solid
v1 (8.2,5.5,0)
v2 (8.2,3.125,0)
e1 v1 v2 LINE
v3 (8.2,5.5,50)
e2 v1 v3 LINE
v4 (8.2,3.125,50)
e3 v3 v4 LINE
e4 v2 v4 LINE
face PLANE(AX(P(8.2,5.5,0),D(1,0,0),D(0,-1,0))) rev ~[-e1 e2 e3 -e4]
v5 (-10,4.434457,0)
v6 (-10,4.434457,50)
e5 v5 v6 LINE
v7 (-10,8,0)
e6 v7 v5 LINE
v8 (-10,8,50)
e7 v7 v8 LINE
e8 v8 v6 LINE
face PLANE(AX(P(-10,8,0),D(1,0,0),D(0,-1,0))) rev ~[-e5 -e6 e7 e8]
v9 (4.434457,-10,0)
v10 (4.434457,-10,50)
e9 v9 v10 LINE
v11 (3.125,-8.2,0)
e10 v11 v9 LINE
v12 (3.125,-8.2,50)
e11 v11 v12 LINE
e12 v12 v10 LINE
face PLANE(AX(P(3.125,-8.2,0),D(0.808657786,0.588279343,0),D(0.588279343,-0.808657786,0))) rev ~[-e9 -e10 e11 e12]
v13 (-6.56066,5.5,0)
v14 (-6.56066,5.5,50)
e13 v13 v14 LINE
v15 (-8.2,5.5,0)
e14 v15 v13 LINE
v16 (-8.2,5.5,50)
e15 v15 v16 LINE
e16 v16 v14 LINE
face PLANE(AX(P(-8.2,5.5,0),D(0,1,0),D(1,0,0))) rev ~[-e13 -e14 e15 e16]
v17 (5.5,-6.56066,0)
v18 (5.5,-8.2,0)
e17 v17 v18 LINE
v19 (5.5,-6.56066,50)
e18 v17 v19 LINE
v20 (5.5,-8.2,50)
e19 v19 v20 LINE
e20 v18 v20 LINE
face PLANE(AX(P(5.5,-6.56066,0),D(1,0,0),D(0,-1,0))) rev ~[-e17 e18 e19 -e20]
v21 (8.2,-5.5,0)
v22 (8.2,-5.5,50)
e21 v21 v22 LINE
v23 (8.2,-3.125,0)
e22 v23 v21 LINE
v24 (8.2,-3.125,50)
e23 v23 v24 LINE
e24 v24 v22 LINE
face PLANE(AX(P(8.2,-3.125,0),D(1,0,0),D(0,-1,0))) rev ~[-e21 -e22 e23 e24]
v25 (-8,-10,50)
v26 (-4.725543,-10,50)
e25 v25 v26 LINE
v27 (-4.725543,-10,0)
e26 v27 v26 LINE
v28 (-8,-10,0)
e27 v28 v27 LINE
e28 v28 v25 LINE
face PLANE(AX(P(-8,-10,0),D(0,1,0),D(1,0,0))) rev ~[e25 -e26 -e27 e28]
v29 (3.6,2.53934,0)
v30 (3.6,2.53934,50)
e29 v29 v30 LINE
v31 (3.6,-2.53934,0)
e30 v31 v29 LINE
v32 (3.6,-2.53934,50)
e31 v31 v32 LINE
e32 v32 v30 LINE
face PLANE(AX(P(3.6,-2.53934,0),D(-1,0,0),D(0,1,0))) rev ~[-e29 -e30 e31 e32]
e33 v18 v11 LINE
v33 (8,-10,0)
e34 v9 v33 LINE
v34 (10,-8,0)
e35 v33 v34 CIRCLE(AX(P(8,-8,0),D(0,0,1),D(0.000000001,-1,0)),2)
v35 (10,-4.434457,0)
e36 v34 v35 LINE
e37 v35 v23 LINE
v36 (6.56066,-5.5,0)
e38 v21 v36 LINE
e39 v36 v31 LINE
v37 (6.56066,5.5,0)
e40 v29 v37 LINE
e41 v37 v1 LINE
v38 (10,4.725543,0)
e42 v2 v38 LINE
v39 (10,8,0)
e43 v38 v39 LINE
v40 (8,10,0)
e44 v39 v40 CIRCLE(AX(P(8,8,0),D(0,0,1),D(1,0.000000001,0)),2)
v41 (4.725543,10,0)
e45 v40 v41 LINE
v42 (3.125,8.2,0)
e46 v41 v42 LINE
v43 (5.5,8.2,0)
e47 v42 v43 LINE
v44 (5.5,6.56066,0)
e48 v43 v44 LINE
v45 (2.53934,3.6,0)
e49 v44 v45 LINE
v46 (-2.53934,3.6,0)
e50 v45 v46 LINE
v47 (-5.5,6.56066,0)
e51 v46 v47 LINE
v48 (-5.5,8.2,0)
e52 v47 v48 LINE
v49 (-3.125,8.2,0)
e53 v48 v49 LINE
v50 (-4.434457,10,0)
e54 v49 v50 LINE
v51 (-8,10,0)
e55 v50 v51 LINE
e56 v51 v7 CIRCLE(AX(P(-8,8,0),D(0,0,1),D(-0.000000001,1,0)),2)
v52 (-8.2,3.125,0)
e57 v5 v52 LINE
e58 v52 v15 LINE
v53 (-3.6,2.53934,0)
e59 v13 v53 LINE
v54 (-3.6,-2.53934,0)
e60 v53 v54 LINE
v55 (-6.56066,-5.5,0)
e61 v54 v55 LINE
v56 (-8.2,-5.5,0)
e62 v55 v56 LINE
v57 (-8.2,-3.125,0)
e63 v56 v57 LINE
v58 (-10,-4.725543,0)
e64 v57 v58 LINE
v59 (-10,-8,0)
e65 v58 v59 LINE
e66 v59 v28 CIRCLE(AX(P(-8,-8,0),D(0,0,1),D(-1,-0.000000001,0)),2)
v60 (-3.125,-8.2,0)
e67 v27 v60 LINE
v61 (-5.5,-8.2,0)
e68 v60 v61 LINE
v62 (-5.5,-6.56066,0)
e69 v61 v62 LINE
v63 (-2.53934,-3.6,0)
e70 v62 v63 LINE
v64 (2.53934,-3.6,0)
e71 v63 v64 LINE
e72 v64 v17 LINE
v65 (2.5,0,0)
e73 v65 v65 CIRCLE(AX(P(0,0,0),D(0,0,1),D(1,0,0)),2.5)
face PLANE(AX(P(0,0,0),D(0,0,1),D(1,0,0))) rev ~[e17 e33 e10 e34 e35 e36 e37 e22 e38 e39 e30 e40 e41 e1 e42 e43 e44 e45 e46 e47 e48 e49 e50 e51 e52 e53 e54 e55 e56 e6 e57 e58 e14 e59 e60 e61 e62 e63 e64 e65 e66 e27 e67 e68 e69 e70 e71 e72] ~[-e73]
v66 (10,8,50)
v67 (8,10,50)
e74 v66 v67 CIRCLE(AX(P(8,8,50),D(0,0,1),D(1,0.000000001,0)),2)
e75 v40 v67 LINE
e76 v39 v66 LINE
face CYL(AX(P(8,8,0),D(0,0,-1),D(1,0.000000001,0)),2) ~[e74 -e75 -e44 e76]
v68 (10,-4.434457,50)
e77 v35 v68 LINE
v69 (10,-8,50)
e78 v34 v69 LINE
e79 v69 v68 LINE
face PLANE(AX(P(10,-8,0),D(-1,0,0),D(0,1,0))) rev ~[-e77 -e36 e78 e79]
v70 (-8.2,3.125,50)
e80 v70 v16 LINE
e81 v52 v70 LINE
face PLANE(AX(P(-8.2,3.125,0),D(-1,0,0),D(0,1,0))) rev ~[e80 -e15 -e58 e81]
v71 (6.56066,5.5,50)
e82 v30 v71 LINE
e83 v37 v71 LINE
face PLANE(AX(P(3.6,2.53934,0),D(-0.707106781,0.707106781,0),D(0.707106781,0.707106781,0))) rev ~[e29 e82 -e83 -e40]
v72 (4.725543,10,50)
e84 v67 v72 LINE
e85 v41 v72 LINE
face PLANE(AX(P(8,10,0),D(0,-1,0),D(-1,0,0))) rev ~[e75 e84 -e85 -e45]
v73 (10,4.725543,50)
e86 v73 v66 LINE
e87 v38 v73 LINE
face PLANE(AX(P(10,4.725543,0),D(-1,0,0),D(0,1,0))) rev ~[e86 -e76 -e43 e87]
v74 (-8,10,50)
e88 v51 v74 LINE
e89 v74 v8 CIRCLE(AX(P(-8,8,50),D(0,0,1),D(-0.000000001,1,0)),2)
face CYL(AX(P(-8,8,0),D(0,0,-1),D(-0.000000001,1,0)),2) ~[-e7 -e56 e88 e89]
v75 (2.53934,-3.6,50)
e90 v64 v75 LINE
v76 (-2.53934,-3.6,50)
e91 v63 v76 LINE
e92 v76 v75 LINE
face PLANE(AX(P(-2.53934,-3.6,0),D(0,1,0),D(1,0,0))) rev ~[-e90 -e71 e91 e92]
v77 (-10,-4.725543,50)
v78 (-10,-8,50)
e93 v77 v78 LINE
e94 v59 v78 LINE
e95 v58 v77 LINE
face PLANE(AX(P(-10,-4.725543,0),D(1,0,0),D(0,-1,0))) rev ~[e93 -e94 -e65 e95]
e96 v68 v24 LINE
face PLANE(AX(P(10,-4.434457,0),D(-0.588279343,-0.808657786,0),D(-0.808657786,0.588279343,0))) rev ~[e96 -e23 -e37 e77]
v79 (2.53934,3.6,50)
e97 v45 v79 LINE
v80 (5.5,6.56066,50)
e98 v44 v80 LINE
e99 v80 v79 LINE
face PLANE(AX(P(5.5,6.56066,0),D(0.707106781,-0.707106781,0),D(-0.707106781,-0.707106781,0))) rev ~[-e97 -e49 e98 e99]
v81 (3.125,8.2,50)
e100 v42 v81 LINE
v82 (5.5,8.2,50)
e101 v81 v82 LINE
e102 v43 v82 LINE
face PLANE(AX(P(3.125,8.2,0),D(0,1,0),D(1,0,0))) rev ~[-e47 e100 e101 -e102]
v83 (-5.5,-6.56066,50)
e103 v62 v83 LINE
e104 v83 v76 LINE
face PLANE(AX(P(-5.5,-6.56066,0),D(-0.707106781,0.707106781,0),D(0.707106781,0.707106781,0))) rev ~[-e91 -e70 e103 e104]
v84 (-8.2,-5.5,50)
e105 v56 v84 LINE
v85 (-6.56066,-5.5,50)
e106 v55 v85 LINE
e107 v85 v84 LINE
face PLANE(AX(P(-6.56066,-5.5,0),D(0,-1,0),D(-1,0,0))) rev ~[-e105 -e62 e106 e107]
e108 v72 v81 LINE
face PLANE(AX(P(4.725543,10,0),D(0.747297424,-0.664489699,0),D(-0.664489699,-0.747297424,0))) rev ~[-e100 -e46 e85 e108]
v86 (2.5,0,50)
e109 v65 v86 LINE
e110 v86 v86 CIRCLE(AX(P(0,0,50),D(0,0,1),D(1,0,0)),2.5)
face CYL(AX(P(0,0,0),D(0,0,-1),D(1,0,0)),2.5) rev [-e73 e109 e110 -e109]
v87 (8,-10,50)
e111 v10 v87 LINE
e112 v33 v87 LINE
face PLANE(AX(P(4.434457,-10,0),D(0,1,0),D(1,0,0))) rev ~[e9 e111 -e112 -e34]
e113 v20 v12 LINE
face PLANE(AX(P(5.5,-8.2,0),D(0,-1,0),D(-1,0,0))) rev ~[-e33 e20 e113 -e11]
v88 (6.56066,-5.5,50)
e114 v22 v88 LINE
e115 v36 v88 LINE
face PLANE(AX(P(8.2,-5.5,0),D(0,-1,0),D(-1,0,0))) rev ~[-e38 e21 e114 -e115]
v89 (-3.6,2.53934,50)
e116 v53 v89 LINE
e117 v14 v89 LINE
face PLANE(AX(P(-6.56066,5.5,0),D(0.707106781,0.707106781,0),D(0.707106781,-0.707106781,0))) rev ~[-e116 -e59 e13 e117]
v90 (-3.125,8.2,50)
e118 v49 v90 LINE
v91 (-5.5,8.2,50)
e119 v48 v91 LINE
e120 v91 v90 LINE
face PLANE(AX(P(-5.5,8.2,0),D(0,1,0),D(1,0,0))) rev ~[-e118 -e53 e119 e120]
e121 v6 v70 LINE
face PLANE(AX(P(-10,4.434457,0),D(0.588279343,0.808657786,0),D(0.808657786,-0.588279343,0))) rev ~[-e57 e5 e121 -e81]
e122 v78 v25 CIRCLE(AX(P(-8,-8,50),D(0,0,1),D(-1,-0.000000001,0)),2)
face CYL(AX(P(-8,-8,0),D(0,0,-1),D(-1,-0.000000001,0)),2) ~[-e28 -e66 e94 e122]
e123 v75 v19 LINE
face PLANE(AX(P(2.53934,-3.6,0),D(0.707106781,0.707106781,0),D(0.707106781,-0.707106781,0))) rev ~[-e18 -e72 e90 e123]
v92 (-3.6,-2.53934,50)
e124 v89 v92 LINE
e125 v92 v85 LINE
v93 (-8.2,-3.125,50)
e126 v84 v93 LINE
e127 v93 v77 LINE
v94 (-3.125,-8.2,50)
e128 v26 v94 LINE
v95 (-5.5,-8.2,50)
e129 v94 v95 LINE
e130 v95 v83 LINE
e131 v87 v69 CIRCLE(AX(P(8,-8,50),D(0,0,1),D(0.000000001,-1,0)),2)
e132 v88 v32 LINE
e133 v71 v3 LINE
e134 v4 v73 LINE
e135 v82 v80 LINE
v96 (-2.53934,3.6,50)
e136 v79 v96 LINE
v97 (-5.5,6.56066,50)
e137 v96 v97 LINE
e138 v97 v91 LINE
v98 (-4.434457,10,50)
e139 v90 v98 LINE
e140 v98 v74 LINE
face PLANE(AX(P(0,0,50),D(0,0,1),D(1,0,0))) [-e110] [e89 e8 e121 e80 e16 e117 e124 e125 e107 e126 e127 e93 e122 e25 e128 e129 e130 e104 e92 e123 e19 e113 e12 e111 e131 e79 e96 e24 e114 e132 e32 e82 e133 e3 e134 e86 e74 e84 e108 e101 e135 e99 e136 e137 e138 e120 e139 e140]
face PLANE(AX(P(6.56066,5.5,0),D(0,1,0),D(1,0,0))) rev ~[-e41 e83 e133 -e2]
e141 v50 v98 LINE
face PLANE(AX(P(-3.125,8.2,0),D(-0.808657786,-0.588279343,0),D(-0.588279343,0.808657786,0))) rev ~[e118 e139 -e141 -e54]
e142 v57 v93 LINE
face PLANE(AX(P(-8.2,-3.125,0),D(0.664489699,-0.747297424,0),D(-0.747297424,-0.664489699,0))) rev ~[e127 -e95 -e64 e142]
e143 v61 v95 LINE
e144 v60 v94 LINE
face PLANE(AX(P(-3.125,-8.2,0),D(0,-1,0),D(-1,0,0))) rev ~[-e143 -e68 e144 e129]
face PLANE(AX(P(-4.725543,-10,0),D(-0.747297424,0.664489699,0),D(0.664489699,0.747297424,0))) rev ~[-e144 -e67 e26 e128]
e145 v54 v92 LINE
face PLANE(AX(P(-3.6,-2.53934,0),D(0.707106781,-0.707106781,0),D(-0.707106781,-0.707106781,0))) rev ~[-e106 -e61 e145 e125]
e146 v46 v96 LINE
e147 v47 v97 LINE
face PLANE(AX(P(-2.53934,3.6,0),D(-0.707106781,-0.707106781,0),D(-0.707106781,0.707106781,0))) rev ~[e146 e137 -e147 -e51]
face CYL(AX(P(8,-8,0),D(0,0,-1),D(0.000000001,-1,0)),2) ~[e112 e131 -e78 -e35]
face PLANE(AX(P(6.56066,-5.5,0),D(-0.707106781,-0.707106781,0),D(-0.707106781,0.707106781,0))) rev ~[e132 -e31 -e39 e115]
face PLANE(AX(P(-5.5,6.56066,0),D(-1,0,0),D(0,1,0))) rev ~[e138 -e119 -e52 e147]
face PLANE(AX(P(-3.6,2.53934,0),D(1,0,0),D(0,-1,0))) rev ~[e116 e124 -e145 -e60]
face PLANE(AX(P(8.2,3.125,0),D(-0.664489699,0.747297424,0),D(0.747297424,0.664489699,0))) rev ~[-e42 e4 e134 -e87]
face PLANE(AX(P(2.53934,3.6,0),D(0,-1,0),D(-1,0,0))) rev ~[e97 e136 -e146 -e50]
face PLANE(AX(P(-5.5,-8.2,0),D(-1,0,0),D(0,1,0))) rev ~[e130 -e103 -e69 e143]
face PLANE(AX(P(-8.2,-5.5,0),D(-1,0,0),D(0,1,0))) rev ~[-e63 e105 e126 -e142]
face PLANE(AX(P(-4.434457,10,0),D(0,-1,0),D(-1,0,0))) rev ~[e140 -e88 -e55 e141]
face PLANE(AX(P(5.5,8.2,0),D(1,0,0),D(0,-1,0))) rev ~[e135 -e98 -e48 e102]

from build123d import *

# Parameters (mm, degrees)
SKETCH1_R           = 2.5
BOSS_EXTRUDE1_DEPTH = 50


with BuildPart() as part:
    # Sketch1 → Boss-Extrude1 (new body)
    with BuildSketch(Plane.XY):
        with BuildLine():
            Line((-4.725542729, -10), (-3.125, -8.2))
            Line((-3.125, -8.2), (-5.5, -8.2))
            Line((-5.5, -8.2), (-5.5, -6.560660172))
            Line((-5.5, -6.560660172), (-2.539339828, -3.6))
            Line((-2.539339828, -3.6), (2.539339828, -3.6))
            Line((2.539339828, -3.6), (5.5, -6.560660172))
            Line((5.5, -6.560660172), (5.5, -8.2))
            Line((5.5, -8.2), (3.125, -8.2))
            Line((3.125, -8.2), (4.434457271, -10))
            Line((4.434457271, -10), (8, -10))
            ThreePointArc((8, -10), (9.414213562, -9.414213562), (10, -8))
            Line((10, -8), (10, -4.434457271))
            Line((10, -4.434457271), (8.2, -3.125))
            Line((8.2, -3.125), (8.2, -5.5))
            Line((8.2, -5.5), (6.560660172, -5.5))
            Line((6.560660172, -5.5), (3.6, -2.539339828))
            Line((3.6, -2.539339828), (3.6, 2.539339828))
            Line((3.6, 2.539339828), (6.560660172, 5.5))
            Line((6.560660172, 5.5), (8.2, 5.5))
            Line((8.2, 5.5), (8.2, 3.125))
            Line((8.2, 3.125), (10, 4.725542729))
            Line((10, 4.725542729), (10, 8))
            ThreePointArc((10, 8), (9.414213562, 9.414213562), (8, 10))
            Line((8, 10), (4.725542729, 10))
            Line((4.725542729, 10), (3.125, 8.2))
            Line((3.125, 8.2), (5.5, 8.2))
            Line((5.5, 8.2), (5.5, 6.560660172))
            Line((5.5, 6.560660172), (2.539339828, 3.6))
            Line((2.539339828, 3.6), (-2.539339828, 3.6))
            Line((-2.539339828, 3.6), (-5.5, 6.560660172))
            Line((-5.5, 6.560660172), (-5.5, 8.2))
            Line((-5.5, 8.2), (-3.125, 8.2))
            Line((-3.125, 8.2), (-4.434457271, 10))
            Line((-4.434457271, 10), (-8, 10))
            ThreePointArc((-8, 10), (-9.414213562, 9.414213562), (-10, 8))
            Line((-10, 8), (-10, 4.434457271))
            Line((-10, 4.434457271), (-8.2, 3.125))
            Line((-8.2, 3.125), (-8.2, 5.5))
            Line((-8.2, 5.5), (-6.560660172, 5.5))
            Line((-6.560660172, 5.5), (-3.6, 2.539339828))
            Line((-3.6, 2.539339828), (-3.6, -2.539339828))
            Line((-3.6, -2.539339828), (-6.560660172, -5.5))
            Line((-6.560660172, -5.5), (-8.2, -5.5))
            Line((-8.2, -5.5), (-8.2, -3.125))
            Line((-8.2, -3.125), (-10, -4.725542729))
            Line((-10, -4.725542729), (-10, -8))
            ThreePointArc((-10, -8), (-9.414213562, -9.414213562), (-8, -10))
            Line((-8, -10), (-4.725542729, -10))
        make_face()
        Circle(SKETCH1_R, mode=Mode.SUBTRACT)
    extrude(amount=BOSS_EXTRUDE1_DEPTH)


solid = part.part
